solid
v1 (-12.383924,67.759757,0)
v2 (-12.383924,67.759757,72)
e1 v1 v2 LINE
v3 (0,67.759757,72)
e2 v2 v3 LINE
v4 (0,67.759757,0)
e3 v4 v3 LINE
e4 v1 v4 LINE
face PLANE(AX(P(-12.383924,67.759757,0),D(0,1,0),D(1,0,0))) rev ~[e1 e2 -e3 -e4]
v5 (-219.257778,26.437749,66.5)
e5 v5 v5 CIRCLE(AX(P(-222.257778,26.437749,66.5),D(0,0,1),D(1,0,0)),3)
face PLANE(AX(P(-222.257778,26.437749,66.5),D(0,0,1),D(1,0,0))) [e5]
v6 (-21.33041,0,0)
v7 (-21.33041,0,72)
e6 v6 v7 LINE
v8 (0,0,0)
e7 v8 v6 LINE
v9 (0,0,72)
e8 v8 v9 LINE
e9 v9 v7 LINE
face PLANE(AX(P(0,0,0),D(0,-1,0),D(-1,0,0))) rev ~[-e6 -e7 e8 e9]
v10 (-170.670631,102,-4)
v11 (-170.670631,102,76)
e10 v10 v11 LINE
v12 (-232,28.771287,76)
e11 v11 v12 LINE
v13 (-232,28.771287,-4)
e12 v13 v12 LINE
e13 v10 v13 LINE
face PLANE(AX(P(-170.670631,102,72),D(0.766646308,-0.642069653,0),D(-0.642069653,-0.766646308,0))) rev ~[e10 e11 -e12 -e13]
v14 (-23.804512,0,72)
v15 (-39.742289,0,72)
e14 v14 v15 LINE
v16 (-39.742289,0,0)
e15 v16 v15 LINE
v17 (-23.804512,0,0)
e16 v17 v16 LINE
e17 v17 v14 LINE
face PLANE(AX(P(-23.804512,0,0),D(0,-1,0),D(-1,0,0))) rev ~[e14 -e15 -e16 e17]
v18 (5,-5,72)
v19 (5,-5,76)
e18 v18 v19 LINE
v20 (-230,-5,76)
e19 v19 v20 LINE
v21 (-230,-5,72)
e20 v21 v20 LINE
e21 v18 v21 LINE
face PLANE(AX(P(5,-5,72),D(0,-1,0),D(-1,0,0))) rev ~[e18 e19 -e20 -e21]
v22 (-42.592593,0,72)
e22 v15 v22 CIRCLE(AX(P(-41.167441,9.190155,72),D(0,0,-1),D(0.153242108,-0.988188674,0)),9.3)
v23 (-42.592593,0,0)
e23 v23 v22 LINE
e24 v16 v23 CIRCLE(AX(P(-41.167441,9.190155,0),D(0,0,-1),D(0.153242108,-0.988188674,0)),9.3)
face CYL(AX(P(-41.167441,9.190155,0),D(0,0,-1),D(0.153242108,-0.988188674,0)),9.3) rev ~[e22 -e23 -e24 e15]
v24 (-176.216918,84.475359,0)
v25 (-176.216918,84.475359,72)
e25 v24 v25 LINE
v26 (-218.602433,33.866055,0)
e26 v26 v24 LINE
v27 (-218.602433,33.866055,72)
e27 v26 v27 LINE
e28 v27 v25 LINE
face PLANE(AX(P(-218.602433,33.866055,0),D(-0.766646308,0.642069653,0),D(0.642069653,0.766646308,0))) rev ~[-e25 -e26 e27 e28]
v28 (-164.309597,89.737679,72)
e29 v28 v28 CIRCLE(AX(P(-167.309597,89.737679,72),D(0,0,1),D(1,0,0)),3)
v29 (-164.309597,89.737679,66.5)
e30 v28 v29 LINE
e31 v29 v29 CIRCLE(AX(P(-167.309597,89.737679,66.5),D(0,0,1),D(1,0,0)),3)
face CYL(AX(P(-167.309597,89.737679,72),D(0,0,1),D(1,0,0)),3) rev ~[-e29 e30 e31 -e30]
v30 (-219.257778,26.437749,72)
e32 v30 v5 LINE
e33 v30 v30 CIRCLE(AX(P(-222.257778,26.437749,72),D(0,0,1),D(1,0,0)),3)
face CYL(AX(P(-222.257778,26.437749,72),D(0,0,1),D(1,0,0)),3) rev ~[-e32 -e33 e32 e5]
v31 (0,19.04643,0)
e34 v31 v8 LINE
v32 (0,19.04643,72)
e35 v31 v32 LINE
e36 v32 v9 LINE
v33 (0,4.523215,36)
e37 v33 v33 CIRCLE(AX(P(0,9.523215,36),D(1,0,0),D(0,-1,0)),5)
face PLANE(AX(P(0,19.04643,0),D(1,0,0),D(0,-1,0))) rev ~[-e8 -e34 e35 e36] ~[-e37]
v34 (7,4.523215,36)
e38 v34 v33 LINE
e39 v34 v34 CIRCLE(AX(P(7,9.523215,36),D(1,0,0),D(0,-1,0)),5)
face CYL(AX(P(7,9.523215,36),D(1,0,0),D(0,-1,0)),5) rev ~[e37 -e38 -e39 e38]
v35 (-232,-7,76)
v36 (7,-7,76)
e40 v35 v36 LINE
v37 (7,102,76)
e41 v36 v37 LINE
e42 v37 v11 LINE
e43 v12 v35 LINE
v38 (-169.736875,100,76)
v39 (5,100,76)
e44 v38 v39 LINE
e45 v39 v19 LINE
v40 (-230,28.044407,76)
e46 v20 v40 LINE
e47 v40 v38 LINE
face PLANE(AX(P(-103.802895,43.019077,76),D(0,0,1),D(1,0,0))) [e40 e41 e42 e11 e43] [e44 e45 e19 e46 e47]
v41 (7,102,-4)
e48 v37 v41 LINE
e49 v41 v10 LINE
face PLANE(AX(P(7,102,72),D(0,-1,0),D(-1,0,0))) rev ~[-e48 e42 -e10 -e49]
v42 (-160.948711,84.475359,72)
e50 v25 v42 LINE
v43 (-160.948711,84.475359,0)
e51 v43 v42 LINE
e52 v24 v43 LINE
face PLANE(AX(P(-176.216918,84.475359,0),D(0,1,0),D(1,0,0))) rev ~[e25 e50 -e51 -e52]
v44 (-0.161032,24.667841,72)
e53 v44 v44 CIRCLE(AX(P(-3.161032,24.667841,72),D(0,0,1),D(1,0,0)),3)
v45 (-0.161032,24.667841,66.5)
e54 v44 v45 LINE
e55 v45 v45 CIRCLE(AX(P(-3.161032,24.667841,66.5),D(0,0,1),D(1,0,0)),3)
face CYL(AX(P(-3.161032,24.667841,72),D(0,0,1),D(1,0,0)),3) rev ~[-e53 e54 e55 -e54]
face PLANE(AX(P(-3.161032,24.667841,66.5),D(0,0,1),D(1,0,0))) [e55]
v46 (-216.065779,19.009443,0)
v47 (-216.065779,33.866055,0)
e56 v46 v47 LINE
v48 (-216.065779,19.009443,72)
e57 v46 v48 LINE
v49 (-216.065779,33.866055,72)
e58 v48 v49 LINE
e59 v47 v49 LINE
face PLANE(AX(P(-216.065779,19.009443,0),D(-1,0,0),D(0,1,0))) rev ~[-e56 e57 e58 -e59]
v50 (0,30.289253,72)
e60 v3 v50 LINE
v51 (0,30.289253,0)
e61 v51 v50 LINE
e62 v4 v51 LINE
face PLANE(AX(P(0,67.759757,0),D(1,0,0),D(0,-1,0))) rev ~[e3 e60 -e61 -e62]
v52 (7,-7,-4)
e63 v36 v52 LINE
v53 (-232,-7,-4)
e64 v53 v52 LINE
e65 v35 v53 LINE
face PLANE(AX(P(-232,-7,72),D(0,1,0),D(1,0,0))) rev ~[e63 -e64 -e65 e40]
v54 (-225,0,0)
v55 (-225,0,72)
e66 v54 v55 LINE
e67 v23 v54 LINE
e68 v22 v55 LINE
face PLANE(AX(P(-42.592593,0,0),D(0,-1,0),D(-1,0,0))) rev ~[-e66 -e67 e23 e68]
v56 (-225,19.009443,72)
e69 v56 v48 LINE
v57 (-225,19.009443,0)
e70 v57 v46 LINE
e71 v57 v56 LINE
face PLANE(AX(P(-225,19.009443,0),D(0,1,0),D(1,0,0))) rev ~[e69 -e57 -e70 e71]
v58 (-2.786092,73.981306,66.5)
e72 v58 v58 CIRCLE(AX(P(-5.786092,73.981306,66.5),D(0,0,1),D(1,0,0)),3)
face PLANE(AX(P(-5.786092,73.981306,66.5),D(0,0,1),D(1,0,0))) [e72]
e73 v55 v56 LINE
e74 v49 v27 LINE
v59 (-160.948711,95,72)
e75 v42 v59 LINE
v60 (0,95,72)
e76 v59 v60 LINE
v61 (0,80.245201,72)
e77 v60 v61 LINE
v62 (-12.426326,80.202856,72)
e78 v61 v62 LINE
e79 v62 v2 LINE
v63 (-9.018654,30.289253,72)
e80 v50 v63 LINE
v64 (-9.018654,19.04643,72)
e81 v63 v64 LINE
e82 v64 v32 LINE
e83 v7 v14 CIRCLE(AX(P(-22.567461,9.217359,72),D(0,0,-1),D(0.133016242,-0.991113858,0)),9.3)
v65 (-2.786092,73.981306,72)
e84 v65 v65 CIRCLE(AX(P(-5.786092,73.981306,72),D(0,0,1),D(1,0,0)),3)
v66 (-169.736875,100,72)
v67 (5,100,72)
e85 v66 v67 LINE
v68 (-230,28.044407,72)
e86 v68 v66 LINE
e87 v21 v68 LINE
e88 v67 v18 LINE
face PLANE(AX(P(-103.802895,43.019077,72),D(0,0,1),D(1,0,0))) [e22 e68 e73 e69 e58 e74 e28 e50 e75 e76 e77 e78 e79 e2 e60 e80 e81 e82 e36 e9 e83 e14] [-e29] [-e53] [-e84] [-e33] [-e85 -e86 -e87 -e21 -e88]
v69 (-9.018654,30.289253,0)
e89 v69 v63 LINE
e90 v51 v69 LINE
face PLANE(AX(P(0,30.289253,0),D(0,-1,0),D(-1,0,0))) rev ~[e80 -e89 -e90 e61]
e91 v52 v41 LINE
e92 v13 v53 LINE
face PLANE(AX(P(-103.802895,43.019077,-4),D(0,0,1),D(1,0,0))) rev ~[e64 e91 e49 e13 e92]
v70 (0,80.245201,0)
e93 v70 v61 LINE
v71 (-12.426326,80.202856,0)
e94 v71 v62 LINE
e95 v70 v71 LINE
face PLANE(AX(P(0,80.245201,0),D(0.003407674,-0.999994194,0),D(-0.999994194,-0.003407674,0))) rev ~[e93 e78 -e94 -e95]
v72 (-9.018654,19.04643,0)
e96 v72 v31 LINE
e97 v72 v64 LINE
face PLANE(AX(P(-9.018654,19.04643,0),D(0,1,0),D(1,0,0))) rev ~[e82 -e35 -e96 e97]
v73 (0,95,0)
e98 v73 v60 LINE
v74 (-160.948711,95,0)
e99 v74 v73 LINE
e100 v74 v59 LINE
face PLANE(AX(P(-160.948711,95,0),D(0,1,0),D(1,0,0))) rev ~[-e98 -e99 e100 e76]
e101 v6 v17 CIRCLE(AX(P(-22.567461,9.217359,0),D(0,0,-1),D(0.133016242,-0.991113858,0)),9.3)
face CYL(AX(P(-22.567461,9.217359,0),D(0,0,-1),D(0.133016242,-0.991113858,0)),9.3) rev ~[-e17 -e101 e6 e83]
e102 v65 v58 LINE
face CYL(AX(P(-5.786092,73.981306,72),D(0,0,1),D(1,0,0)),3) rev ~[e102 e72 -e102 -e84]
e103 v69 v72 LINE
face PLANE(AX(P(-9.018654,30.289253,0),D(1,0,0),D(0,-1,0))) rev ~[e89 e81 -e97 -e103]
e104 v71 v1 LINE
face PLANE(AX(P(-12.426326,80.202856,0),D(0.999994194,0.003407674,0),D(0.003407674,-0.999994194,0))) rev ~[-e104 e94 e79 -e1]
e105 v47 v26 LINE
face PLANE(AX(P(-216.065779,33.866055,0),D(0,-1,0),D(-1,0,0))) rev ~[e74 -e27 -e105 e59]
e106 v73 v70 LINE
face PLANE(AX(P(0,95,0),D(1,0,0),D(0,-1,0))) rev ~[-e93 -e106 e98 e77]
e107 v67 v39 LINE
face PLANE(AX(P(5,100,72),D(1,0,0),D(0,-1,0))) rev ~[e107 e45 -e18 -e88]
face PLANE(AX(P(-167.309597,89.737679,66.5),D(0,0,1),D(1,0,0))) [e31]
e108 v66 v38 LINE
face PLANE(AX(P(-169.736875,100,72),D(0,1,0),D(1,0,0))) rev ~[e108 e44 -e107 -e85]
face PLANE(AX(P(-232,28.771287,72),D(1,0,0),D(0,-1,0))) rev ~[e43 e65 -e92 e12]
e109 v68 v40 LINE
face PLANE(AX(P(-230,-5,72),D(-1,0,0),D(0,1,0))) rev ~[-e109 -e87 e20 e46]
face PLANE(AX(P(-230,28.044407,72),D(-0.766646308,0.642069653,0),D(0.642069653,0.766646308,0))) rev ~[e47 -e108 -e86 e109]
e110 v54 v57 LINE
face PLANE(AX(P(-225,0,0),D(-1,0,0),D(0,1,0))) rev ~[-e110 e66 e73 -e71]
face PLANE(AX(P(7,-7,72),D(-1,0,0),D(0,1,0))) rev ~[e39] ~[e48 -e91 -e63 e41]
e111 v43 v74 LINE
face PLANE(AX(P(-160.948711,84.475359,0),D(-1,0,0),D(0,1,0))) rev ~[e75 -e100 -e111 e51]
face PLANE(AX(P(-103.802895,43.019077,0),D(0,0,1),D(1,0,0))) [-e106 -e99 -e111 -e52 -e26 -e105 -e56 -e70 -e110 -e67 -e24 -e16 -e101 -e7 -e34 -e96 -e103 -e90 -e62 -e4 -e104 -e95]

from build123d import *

# Parameters (mm, degrees)
F1_DEPTH = 72
F3_DEPTH = 4
F5_DEPTH = 4
F7_DEPTH = 25
F8_R     = 3
F9_DEPTH = 5.5


with BuildPart() as f1:
    # F0 (on Top) → F1 (new body)
    with BuildSketch(Plane.XY):
        Polygon((-232, 28.7712871801), (-232, 9), (-232, -7), (7, -7), (7, 102), (-170.6706311353, 102), align=None)
        with BuildLine():
            Line((0, 9), (0, 0))
            Line((0, 0), (-21.3304098297, 0))
            ThreePointArc((-21.3304098297, 0), (-22.567460882, -0.0826411216), (-23.8045119343, 0))
            Line((-23.8045119343, 0), (-39.7422893838, 0))
            ThreePointArc((-39.7422893838, 0), (-41.1674409876, -0.1098453274), (-42.5925925915, 0))
            Line((-42.5925925915, 0), (-59.7671166301, 0))
            Line((-59.7671166301, 0), (-78.3671166301, 0))
            Line((-78.3671166301, 0), (-96.9671166301, 0))
            Line((-96.9671166301, 0), (-115.5671166301, 0))
            Line((-115.5671166301, 0), (-134.1671166301, 0))
            Line((-134.1671166301, 0), (-152.7671166301, 0))
            Line((-152.7671166301, 0), (-171.3671166301, 0))
            Line((-171.3671166301, 0), (-189.9671166301, 0))
            Line((-189.9671166301, 0), (-208.5671166301, 0))
            Line((-208.5671166301, 0), (-225, 0))
            Line((-225, 0), (-225, 9))
            Line((-225, 9), (-225, 19.009443))
            Line((-225, 19.009443), (-216.0657793283, 19.009443))
            Line((-216.0657793283, 19.009443), (-216.0657793283, 33.8660545808))
            Line((-216.0657793283, 33.8660545808), (-218.6024326595, 33.8660545808))
            Line((-218.6024326595, 33.8660545808), (-176.2169181556, 84.4753585209))
            Line((-176.2169181556, 84.4753585209), (-160.9487113722, 84.4753585209))
            Line((-160.9487113722, 84.4753585209), (-160.9487113722, 95))
            Line((-160.9487113722, 95), (0, 95))
            Line((0, 95), (0, 80.24520114))
            Line((0, 80.24520114), (-12.4263259421, 80.2028560212))
            Line((-12.4263259421, 80.2028560212), (-12.3839236644, 67.7597565904))
            Line((-12.3839236644, 67.7597565904), (0, 67.7597565904))
            Line((0, 67.7597565904), (0, 30.28925322))
            Line((0, 30.28925322), (-9.0186540037, 30.28925322))
            Line((-9.0186540037, 30.28925322), (-9.0186540037, 19.0464295447))
            Line((-9.0186540037, 19.0464295447), (0, 19.0464295447))
            Line((0, 19.0464295447), (0, 9))
        make_face(mode=Mode.SUBTRACT)
    extrude(amount=F1_DEPTH)

    # F2 (on Top) → F3 (join)
    with BuildSketch(Plane.XY):
        Polygon((-170.6706311353, 102), (-232, 28.7712871801), (-232, -7), (7, -7), (7, 102), align=None)
    extrude(amount=-F3_DEPTH)

    # F4 (on face) → F5 (join)
    with BuildSketch(Plane.XY.offset(72)):
        Polygon((7, 102), (-170.6706311353, 102), (-232, 28.7712871801), (-232, -7), (7, -7), align=None)
        Polygon((-230, -5), (-230, 28.0444074988), (-169.7368749983, 100), (5, 100), (5, -5), align=None, mode=Mode.SUBTRACT)
    extrude(amount=F5_DEPTH)

    # F6 (on face) → F7 (cut)
    with BuildSketch(Plane.YZ.offset(7)):
        with BuildLine():
            Line((4.5232147723, 36), (14.5232147723, 36))
            ThreePointArc((14.5232147723, 36), (9.5232147723, 41), (4.5232147723, 36))
        make_face()
        with BuildLine():
            ThreePointArc((4.5232147723, 36), (9.5232147723, 31), (14.5232147723, 36))
            Line((14.5232147723, 36), (4.5232147723, 36))
        make_face()
    extrude(amount=-F7_DEPTH, mode=Mode.SUBTRACT)

    # F8 (on face) → F9 (cut)
    with BuildSketch(Plane.XY.offset(72)):
        with Locations((-167.3095971346, 89.7376792604)):
            Circle(F8_R)
        with Locations((-222.2577780485, 26.4377487904)):
            Circle(F8_R)
        with Locations((-5.7860915549, 73.9813063058)):
            Circle(F8_R)
        with Locations((-3.1610322185, 24.6678413823)):
            Circle(F8_R)
    extrude(amount=-F9_DEPTH, mode=Mode.SUBTRACT)


solid = f1.part
